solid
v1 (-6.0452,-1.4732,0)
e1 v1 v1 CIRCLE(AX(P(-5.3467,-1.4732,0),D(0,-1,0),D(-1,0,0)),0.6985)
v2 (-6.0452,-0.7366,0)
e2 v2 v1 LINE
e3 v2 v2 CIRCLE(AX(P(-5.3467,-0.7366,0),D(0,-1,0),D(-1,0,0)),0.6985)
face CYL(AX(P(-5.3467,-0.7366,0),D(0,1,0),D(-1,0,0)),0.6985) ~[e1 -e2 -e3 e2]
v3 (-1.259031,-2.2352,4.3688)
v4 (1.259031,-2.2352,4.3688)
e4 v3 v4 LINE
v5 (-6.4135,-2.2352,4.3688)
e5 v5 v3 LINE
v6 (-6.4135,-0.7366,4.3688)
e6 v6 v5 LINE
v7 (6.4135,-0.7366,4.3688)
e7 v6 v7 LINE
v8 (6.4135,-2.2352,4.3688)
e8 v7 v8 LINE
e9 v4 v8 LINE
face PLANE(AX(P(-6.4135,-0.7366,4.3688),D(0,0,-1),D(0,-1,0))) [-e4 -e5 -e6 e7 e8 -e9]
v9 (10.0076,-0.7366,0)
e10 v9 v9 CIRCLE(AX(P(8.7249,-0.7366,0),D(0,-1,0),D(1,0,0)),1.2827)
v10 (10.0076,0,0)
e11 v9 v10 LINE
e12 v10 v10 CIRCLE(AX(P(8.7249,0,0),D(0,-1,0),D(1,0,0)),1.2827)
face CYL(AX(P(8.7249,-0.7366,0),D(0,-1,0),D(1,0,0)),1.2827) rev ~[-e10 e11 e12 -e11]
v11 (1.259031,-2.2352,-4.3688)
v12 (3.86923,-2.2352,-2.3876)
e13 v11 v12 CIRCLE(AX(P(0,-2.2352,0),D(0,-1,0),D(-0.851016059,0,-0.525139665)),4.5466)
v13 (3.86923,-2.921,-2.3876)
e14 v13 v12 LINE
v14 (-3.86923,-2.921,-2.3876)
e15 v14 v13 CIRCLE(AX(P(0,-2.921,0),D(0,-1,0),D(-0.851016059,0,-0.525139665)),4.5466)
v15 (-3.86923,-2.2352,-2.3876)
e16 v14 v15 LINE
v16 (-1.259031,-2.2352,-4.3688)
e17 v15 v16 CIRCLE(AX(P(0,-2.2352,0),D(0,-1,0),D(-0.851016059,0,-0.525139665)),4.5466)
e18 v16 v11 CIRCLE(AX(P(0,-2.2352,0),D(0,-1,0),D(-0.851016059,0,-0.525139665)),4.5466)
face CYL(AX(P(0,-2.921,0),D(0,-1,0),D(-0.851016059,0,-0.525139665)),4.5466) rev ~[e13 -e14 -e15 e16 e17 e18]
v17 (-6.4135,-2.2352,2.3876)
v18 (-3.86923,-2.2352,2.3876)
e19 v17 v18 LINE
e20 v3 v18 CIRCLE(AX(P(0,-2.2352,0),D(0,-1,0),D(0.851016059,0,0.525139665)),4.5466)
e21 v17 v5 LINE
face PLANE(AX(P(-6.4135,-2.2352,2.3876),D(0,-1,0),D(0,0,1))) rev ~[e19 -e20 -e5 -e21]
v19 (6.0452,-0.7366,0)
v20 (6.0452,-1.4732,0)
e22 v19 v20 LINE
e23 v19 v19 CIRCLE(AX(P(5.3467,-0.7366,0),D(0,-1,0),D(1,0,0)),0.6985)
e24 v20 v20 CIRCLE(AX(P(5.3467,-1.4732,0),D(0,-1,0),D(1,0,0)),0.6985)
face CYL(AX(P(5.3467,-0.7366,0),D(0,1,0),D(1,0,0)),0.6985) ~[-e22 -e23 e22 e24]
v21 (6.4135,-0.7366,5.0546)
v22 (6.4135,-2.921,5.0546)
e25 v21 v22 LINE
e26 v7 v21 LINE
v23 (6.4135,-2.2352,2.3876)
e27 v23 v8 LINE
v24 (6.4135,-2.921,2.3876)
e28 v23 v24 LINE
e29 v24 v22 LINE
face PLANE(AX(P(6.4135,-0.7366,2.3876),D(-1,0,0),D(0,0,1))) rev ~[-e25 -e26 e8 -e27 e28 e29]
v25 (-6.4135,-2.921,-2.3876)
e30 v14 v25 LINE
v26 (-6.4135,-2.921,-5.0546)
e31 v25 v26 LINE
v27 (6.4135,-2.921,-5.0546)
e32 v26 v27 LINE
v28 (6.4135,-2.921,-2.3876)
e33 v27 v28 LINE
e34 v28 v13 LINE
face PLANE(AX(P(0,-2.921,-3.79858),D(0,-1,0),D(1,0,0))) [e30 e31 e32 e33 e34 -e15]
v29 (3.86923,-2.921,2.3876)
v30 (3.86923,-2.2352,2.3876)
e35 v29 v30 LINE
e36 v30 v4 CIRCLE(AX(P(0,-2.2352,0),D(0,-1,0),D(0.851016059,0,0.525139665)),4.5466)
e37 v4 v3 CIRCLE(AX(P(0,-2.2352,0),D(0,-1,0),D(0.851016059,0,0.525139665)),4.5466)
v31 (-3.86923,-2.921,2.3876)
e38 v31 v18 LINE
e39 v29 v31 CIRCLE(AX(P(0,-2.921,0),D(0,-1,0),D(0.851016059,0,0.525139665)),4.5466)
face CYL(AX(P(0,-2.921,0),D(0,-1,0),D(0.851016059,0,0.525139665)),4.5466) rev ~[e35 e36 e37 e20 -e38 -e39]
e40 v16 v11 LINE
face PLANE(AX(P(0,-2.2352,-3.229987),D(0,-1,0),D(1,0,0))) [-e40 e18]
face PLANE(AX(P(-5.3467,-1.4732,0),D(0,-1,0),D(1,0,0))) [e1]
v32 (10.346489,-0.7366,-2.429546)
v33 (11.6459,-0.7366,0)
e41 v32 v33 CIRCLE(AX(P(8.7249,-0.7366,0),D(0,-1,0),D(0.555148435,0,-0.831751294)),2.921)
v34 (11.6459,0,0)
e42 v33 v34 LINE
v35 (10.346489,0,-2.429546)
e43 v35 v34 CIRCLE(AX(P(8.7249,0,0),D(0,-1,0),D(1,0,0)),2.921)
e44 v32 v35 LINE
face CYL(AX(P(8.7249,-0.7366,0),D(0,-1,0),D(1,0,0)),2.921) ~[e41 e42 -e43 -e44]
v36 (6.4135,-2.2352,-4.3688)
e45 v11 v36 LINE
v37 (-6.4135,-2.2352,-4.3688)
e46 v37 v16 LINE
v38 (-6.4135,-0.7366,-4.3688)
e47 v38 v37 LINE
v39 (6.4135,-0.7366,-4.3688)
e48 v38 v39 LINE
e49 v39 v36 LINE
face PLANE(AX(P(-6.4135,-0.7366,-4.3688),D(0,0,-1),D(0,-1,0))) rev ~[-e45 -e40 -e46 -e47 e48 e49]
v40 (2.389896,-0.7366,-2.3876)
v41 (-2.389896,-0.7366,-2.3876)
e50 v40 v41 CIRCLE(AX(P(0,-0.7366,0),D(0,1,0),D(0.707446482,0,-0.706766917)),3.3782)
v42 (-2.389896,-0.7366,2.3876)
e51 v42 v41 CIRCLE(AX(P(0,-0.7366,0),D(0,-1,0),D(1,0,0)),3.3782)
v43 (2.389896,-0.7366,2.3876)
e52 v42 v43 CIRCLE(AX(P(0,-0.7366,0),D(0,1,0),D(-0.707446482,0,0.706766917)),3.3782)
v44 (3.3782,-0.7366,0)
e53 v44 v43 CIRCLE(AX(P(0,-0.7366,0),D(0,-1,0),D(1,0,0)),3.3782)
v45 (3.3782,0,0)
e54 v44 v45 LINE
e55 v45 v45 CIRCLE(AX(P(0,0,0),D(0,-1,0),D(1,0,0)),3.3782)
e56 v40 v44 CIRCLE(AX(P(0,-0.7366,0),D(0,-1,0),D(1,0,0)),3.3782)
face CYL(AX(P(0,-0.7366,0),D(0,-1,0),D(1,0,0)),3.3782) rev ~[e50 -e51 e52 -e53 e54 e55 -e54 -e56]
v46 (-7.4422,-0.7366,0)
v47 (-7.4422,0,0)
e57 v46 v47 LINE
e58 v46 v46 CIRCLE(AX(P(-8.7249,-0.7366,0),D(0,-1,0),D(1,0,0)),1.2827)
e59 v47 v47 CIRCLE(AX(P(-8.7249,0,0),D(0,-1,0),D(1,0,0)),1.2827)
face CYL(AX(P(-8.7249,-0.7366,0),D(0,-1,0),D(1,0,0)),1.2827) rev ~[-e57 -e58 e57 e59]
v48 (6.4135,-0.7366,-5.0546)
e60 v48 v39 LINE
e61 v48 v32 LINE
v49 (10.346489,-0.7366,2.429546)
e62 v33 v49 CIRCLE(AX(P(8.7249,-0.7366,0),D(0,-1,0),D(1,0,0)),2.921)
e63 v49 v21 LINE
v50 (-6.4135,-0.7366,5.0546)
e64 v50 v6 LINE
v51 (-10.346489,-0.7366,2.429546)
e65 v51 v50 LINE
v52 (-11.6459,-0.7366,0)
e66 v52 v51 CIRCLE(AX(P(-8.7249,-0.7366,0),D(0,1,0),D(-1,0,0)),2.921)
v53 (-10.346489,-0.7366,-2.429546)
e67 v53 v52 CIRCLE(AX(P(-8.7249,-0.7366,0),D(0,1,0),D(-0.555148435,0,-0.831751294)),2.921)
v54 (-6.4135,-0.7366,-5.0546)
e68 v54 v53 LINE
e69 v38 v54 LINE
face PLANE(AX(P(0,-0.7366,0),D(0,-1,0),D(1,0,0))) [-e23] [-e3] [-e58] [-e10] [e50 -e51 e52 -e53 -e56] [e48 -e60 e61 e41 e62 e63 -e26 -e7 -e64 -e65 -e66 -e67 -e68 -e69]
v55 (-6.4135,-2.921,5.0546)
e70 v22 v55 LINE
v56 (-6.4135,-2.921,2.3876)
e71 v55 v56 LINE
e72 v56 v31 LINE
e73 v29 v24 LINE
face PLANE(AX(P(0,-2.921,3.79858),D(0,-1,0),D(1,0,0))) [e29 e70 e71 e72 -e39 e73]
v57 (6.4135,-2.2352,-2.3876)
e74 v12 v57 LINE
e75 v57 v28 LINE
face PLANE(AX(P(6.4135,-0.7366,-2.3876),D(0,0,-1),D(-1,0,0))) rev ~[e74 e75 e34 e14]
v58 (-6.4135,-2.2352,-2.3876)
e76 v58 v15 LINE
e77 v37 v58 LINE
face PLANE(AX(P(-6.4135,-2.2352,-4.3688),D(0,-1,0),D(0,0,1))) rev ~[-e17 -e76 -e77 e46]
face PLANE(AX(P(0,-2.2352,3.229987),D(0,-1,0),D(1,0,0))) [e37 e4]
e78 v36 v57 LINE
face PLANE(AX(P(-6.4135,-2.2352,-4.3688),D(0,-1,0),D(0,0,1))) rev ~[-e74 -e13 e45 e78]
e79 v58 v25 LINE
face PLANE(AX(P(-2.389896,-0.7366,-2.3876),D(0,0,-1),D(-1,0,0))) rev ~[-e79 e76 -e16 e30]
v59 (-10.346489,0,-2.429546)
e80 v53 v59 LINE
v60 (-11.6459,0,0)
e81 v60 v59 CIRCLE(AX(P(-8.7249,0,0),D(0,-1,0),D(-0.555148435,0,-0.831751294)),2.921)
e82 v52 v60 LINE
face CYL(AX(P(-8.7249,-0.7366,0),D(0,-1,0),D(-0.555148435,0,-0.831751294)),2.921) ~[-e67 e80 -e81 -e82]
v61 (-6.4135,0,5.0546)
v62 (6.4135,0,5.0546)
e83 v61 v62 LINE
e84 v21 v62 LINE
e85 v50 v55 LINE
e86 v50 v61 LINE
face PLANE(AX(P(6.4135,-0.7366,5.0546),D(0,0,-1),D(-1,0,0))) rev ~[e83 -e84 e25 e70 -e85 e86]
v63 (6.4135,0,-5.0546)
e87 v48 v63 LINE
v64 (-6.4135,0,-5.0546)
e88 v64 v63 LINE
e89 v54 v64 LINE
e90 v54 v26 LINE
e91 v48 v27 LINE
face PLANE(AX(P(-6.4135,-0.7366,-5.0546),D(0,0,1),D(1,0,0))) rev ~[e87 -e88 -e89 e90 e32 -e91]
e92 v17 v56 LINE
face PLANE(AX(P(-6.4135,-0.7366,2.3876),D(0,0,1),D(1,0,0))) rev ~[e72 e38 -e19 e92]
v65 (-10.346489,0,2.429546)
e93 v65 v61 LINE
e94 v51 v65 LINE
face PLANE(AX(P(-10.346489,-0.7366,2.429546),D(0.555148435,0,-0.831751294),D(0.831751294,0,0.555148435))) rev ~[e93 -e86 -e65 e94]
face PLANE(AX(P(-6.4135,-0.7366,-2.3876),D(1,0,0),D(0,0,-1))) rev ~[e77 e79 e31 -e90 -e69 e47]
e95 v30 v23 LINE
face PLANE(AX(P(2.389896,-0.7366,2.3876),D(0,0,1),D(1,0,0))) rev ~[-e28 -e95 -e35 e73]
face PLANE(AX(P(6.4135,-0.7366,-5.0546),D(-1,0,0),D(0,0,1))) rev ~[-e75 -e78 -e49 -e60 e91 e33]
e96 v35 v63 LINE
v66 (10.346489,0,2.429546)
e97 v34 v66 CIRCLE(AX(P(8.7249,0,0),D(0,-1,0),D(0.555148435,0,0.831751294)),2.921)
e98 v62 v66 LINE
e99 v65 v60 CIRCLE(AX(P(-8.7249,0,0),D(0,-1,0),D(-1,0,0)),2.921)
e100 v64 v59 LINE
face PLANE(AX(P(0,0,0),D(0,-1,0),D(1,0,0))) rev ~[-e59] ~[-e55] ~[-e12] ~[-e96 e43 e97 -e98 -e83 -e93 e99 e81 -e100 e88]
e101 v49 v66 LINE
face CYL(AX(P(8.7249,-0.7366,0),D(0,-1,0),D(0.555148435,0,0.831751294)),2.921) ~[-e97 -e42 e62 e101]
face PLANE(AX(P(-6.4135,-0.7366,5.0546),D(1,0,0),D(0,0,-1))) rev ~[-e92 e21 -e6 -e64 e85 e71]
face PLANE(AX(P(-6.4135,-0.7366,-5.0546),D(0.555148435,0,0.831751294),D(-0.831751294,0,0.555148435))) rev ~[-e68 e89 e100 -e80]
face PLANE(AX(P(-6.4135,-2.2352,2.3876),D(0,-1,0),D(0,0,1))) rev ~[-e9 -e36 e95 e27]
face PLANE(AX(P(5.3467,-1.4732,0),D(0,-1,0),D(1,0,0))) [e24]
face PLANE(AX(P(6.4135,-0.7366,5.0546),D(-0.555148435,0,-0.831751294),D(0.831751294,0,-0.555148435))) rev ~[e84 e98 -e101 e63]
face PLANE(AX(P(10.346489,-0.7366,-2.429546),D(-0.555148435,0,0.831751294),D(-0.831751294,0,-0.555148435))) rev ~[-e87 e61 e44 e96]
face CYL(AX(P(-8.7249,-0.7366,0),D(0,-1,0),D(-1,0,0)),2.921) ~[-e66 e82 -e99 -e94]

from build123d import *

# Parameters (mm, degrees)
F0_W      = 23.2918
F0_H      = 10.1092
F1_DEPTH  = 0.7366
F3_DEPTH  = 25.4
F4_R      = 1.2827
F4_R_2    = 3.3782
F5_DEPTH  = 0.7376
F6_R      = 0.6985
F7_DEPTH  = 0.7366
F9_DEPTH  = 2.1844
F10_W     = 1.4986
F10_H     = 1.9812
F11_DEPTH = 18.0604
F12_W     = 1.4986
F12_H     = 1.9812
F13_DEPTH = 18.0604
F15_DEPTH = 0.6858
F17_DEPTH = 0.6858


with BuildPart() as f1:
    # F0 (on Front) → F1 (new body)
    with BuildSketch(Plane.XZ):
        Rectangle(F0_W, F0_H)
    extrude(amount=F1_DEPTH)

    # F2 (on face) → F3 (cut)
    with BuildSketch(Plane.XZ.offset(0.7366)):
        with BuildLine():
            Line((-10.3464885777, 2.4295455305), (-6.4135, 5.0546))
            Line((-6.4135, 5.0546), (-11.6459, 5.0546))
            Line((-11.6459, 5.0546), (-11.6459, 0))
            ThreePointArc((-11.6459, 0), (-11.3006427313, 1.3776031295), (-10.3464885777, 2.4295455305))
        make_face()
        with BuildLine():
            Line((-11.6459, -5.0546), (-6.4135, -5.0546))
            Line((-6.4135, -5.0546), (-10.3464885777, -2.4295455305))
            ThreePointArc((-10.3464885777, -2.4295455305), (-11.3006427313, -1.3776031295), (-11.6459, 0))
            Line((-11.6459, 0), (-11.6459, -5.0546))
        make_face()
        with BuildLine():
            ThreePointArc((11.6459, 0), (11.3006427313, -1.3776031295), (10.3464885777, -2.4295455305))
            Line((10.3464885777, -2.4295455305), (6.4135, -5.0546))
            Line((6.4135, -5.0546), (11.6459, -5.0546))
            Line((11.6459, -5.0546), (11.6459, 0))
        make_face()
        with BuildLine():
            ThreePointArc((10.3464885777, 2.4295455305), (11.3006427313, 1.3776031295), (11.6459, 0))
            Line((11.6459, 0), (11.6459, 5.0546))
            Line((11.6459, 5.0546), (6.4135, 5.0546))
            Line((6.4135, 5.0546), (10.3464885777, 2.4295455305))
        make_face()
    extrude(amount=-F3_DEPTH, mode=Mode.SUBTRACT)

    # F4 (on face) → F5 (cut, through all)
    with BuildSketch(Plane.XZ.offset(0.7366)):
        with Locations((-8.7249, 0)):
            Circle(F4_R)
        Circle(F4_R_2)
        with Locations((8.7249, 0)):
            Circle(F4_R)
    extrude(amount=-F5_DEPTH, mode=Mode.SUBTRACT)

    # F6 (on face) → F7 (join)
    with BuildSketch(Plane.XZ.offset(0.7366)):
        with BuildLine():
            ThreePointArc((-4.6482, 0), (-5.3467, 0.6985), (-6.0452, 0))
            ThreePointArc((-6.0452, 0), (-5.3467, -0.6985), (-4.6482, 0))
        make_face()
        with Locations((5.3467, 0)):
            Circle(F6_R)
    extrude(amount=F7_DEPTH)

    # F8 (on face) → F9 (join)
    with BuildSketch(Plane.XZ.offset(0.7366)):
        with BuildLine():
            Line((-6.4135, 2.3876), (-2.3898957048, 2.3876))
            ThreePointArc((-2.3898957048, 2.3876), (0, 3.3782), (2.3898957048, 2.3876))
            Line((2.3898957048, 2.3876), (6.4135, 2.3876))
            Line((6.4135, 2.3876), (6.4135, 5.0546))
            Line((6.4135, 5.0546), (-6.4135, 5.0546))
            Line((-6.4135, 5.0546), (-6.4135, 2.3876))
        make_face()
        with BuildLine():
            Line((-6.4135, -2.3876), (-6.4135, -5.0546))
            Line((-6.4135, -5.0546), (6.4135, -5.0546))
            Line((6.4135, -5.0546), (6.4135, -2.3876))
            Line((6.4135, -2.3876), (2.3898957048, -2.3876))
            ThreePointArc((2.3898957048, -2.3876), (0, -3.3782), (-2.3898957048, -2.3876))
            Line((-2.3898957048, -2.3876), (-6.4135, -2.3876))
        make_face()
    extrude(amount=F9_DEPTH)

    # F10 (on face) → F11 (cut, through all)
    with BuildSketch(Plane(origin=(-6.4135, 0, 0), x_dir=(0, -1, 0), z_dir=(-1, 0, 0))):
        with Locations((1.4859, 3.3782)):
            Rectangle(F10_W, F10_H)
    extrude(amount=-F11_DEPTH, mode=Mode.SUBTRACT)

    # F12 (on face) → F13 (cut, through all)
    with BuildSketch(Plane(origin=(-6.4135, 0, 0), x_dir=(0, -1, 0), z_dir=(-1, 0, 0))):
        with Locations((1.4859, -3.3782)):
            Rectangle(F12_W, F12_H)
    extrude(amount=-F13_DEPTH, mode=Mode.SUBTRACT)

    # F14 (on face) → F15 (cut)
    with BuildSketch(Plane.XZ.offset(2.921)):
        with BuildLine():
            Line((2.3898957048, 2.3876), (3.8692296132, 2.3876))
            ThreePointArc((3.8692296132, 2.3876), (0, 4.5466), (-3.8692296132, 2.3876))
            Line((-3.8692296132, 2.3876), (-2.3898957048, 2.3876))
            ThreePointArc((-2.3898957048, 2.3876), (0, 3.3782), (2.3898957048, 2.3876))
        make_face()
    extrude(amount=-F15_DEPTH, mode=Mode.SUBTRACT)

    # F16 (on face) → F17 (cut)
    with BuildSketch(Plane.XZ.offset(2.921)):
        with BuildLine():
            Line((-2.3898957048, -2.3876), (-3.8692296132, -2.3876))
            ThreePointArc((-3.8692296132, -2.3876), (0, -4.5466), (3.8692296132, -2.3876))
            Line((3.8692296132, -2.3876), (2.3898957048, -2.3876))
            ThreePointArc((2.3898957048, -2.3876), (0, -3.3782), (-2.3898957048, -2.3876))
        make_face()
    extrude(amount=-F17_DEPTH, mode=Mode.SUBTRACT)


solid = f1.part
